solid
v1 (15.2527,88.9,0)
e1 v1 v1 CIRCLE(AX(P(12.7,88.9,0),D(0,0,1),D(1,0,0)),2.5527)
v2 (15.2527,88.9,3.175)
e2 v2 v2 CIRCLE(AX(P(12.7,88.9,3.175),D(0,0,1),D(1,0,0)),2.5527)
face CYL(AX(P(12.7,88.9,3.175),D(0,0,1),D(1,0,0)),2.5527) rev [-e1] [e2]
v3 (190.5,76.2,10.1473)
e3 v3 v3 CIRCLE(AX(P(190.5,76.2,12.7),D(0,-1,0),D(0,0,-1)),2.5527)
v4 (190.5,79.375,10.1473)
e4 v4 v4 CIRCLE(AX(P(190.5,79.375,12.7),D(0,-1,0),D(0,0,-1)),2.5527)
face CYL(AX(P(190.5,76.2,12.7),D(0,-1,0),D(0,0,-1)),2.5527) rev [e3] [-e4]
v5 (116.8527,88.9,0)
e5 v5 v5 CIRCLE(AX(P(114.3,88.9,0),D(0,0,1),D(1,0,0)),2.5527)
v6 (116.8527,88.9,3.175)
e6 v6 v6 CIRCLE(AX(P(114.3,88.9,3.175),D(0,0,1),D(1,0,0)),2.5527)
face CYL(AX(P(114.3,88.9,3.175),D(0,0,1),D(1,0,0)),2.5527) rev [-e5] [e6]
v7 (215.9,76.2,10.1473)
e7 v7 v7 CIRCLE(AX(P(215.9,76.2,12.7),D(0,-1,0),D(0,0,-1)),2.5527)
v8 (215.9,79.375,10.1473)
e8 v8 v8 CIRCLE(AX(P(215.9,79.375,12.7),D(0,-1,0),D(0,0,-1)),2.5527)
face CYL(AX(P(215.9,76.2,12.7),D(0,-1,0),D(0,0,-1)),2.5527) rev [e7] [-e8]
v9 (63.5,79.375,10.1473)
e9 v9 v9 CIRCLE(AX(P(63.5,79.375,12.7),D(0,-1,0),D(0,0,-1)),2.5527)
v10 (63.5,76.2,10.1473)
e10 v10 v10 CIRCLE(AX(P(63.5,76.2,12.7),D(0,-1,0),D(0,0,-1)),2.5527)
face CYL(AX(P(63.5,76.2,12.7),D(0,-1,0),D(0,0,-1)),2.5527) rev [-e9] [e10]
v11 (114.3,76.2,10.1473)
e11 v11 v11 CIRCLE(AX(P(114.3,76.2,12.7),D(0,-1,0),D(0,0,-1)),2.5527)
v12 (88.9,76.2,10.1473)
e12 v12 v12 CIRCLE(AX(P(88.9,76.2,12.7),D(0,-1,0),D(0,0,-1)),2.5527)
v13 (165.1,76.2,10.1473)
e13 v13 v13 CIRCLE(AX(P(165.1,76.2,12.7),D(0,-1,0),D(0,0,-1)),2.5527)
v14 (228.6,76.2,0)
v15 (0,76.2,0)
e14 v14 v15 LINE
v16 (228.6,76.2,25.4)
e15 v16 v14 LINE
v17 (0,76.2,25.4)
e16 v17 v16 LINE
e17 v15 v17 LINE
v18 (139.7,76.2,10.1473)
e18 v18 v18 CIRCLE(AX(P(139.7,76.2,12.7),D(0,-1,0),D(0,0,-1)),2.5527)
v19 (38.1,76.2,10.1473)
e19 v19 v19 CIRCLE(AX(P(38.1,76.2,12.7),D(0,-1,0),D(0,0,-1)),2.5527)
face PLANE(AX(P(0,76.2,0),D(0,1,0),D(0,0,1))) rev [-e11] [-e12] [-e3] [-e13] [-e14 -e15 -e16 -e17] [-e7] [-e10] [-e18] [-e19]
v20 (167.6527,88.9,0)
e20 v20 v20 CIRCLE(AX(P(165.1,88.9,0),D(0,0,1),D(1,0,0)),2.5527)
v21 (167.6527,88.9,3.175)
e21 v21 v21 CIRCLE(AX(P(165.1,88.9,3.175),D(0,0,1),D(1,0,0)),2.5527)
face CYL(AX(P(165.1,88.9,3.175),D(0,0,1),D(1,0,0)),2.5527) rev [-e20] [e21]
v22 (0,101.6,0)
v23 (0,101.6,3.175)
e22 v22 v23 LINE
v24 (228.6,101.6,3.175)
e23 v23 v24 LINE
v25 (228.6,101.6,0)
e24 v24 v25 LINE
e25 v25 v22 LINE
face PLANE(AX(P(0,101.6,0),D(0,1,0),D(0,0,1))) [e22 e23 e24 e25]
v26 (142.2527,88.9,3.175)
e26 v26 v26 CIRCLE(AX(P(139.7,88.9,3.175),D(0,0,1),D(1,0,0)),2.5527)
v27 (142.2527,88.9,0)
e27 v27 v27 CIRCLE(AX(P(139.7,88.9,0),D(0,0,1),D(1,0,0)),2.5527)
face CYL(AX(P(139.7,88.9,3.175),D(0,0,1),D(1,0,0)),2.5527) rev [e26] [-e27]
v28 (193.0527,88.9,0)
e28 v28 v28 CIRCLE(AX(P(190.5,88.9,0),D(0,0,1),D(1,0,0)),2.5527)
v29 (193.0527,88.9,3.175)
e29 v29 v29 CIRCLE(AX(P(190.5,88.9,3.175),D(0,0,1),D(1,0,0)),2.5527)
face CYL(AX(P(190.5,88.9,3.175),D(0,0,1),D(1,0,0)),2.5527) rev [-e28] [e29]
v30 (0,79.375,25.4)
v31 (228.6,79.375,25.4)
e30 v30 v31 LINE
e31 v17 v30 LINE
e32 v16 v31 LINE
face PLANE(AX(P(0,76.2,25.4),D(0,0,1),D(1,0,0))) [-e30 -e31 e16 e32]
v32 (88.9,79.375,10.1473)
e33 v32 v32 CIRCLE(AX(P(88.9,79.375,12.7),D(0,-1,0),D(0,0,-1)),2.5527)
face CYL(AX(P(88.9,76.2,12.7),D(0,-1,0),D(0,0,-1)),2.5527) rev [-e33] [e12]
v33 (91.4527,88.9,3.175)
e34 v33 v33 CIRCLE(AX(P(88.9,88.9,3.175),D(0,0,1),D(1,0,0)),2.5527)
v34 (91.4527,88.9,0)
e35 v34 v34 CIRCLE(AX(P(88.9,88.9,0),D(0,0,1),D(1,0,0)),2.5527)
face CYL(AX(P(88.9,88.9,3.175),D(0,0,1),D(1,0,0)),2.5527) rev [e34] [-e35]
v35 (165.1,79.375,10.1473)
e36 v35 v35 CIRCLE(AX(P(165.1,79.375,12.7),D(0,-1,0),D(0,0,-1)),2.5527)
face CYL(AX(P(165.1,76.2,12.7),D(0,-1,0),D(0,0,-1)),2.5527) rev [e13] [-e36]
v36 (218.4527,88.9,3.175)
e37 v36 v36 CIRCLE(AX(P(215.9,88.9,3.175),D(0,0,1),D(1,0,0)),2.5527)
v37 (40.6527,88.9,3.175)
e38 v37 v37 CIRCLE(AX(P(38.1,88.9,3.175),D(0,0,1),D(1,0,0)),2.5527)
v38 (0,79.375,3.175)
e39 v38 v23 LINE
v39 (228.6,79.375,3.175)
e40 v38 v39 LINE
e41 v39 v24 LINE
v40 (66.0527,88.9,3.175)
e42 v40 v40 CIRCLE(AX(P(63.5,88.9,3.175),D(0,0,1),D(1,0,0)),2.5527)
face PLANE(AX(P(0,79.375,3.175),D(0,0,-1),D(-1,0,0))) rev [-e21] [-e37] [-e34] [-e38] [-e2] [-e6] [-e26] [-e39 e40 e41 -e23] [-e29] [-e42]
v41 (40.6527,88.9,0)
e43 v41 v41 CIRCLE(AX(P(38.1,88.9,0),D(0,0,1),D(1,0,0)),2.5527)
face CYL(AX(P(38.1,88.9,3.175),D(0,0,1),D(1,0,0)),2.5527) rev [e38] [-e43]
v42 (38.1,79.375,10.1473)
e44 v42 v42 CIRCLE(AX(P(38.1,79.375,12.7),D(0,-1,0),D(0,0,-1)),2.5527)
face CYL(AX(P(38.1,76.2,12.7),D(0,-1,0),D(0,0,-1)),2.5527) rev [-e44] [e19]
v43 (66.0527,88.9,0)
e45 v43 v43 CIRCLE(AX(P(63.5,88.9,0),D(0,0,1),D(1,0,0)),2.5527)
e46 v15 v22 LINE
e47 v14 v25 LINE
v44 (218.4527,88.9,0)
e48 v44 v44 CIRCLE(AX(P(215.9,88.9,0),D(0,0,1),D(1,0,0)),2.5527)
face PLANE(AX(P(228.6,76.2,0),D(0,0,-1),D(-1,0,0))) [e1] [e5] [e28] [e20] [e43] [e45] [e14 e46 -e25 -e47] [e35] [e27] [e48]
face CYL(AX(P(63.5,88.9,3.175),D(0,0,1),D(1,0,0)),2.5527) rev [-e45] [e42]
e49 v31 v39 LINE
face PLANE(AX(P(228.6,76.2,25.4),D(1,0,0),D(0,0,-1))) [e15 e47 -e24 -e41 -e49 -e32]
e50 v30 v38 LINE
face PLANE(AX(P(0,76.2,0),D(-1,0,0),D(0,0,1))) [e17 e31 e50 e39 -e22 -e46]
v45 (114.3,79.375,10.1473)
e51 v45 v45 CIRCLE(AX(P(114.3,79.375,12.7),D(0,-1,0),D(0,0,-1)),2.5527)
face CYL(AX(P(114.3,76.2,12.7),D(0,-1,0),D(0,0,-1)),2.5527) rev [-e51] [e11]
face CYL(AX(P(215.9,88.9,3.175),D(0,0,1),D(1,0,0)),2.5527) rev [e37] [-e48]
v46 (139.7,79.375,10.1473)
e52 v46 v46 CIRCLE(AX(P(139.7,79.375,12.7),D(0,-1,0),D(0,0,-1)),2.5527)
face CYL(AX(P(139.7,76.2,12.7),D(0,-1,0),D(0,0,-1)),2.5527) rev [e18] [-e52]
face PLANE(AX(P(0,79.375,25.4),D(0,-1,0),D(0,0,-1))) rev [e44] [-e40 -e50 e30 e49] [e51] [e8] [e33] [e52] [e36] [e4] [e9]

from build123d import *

# Parameters (mm, degrees)
SKETCH1_W                      = 228.6
SKETCH1_H                      = 25.4
BOSS_EXTRUDE1_DEPTH            = 25.4
SKETCH2_W                      = 22.225
SKETCH2_H                      = 22.225
CUT_EXTRUDE1_DEPTH             = 252.44717139
F_7_0_201_DIAMETER_HOLE1_D     = 5.1054
F_7_0_201_DIAMETER_HOLE1_DEPTH = 25.4
F_7_0_201_DIAMETER_HOLE2_D     = 5.1054


with BuildPart() as part:
    # Sketch1 → Boss-Extrude1 (new body)
    with BuildSketch(Plane(origin=(0, 101.6, 0), x_dir=(1, 0, 0), z_dir=(0, 1, 0))):
        with Locations((114.3, -12.7)):
            Rectangle(SKETCH1_W, SKETCH1_H)
    extrude(amount=-BOSS_EXTRUDE1_DEPTH)

    # Sketch2 → Cut-Extrude1 (cut, through all)
    with BuildSketch(Plane(origin=(228.6, 0, 0), x_dir=(0, 0, -1), z_dir=(1, 0, 0))):
        with Locations((-14.2875, 90.4875)):
            Rectangle(SKETCH2_W, SKETCH2_H)
    extrude(amount=-CUT_EXTRUDE1_DEPTH, mode=Mode.SUBTRACT)

    # #7 (0.201) Diameter Hole1
    with Locations(Plane.XZ.offset(-76.2)):
        with Locations((-12.7, -12.7), (38.1, 12.7), (63.5, 12.7), (88.9, 12.7), (114.3, 12.7), (139.7, 12.7), (165.1, 12.7), (190.5, 12.7), (215.9, 12.7)):
            Hole(F_7_0_201_DIAMETER_HOLE1_D / 2, depth=F_7_0_201_DIAMETER_HOLE1_DEPTH)

    # #7 (0.201) Diameter Hole2 (through all)
    with Locations(Plane.XY.offset(3.175)):
        with Locations((12.7, 88.9), (38.1, 88.9), (63.5, 88.9), (88.9, 88.9), (114.3, 88.9), (139.7, 88.9), (165.1, 88.9), (190.5, 88.9), (215.9, 88.9)):
            Hole(F_7_0_201_DIAMETER_HOLE2_D / 2)


solid = part.part
